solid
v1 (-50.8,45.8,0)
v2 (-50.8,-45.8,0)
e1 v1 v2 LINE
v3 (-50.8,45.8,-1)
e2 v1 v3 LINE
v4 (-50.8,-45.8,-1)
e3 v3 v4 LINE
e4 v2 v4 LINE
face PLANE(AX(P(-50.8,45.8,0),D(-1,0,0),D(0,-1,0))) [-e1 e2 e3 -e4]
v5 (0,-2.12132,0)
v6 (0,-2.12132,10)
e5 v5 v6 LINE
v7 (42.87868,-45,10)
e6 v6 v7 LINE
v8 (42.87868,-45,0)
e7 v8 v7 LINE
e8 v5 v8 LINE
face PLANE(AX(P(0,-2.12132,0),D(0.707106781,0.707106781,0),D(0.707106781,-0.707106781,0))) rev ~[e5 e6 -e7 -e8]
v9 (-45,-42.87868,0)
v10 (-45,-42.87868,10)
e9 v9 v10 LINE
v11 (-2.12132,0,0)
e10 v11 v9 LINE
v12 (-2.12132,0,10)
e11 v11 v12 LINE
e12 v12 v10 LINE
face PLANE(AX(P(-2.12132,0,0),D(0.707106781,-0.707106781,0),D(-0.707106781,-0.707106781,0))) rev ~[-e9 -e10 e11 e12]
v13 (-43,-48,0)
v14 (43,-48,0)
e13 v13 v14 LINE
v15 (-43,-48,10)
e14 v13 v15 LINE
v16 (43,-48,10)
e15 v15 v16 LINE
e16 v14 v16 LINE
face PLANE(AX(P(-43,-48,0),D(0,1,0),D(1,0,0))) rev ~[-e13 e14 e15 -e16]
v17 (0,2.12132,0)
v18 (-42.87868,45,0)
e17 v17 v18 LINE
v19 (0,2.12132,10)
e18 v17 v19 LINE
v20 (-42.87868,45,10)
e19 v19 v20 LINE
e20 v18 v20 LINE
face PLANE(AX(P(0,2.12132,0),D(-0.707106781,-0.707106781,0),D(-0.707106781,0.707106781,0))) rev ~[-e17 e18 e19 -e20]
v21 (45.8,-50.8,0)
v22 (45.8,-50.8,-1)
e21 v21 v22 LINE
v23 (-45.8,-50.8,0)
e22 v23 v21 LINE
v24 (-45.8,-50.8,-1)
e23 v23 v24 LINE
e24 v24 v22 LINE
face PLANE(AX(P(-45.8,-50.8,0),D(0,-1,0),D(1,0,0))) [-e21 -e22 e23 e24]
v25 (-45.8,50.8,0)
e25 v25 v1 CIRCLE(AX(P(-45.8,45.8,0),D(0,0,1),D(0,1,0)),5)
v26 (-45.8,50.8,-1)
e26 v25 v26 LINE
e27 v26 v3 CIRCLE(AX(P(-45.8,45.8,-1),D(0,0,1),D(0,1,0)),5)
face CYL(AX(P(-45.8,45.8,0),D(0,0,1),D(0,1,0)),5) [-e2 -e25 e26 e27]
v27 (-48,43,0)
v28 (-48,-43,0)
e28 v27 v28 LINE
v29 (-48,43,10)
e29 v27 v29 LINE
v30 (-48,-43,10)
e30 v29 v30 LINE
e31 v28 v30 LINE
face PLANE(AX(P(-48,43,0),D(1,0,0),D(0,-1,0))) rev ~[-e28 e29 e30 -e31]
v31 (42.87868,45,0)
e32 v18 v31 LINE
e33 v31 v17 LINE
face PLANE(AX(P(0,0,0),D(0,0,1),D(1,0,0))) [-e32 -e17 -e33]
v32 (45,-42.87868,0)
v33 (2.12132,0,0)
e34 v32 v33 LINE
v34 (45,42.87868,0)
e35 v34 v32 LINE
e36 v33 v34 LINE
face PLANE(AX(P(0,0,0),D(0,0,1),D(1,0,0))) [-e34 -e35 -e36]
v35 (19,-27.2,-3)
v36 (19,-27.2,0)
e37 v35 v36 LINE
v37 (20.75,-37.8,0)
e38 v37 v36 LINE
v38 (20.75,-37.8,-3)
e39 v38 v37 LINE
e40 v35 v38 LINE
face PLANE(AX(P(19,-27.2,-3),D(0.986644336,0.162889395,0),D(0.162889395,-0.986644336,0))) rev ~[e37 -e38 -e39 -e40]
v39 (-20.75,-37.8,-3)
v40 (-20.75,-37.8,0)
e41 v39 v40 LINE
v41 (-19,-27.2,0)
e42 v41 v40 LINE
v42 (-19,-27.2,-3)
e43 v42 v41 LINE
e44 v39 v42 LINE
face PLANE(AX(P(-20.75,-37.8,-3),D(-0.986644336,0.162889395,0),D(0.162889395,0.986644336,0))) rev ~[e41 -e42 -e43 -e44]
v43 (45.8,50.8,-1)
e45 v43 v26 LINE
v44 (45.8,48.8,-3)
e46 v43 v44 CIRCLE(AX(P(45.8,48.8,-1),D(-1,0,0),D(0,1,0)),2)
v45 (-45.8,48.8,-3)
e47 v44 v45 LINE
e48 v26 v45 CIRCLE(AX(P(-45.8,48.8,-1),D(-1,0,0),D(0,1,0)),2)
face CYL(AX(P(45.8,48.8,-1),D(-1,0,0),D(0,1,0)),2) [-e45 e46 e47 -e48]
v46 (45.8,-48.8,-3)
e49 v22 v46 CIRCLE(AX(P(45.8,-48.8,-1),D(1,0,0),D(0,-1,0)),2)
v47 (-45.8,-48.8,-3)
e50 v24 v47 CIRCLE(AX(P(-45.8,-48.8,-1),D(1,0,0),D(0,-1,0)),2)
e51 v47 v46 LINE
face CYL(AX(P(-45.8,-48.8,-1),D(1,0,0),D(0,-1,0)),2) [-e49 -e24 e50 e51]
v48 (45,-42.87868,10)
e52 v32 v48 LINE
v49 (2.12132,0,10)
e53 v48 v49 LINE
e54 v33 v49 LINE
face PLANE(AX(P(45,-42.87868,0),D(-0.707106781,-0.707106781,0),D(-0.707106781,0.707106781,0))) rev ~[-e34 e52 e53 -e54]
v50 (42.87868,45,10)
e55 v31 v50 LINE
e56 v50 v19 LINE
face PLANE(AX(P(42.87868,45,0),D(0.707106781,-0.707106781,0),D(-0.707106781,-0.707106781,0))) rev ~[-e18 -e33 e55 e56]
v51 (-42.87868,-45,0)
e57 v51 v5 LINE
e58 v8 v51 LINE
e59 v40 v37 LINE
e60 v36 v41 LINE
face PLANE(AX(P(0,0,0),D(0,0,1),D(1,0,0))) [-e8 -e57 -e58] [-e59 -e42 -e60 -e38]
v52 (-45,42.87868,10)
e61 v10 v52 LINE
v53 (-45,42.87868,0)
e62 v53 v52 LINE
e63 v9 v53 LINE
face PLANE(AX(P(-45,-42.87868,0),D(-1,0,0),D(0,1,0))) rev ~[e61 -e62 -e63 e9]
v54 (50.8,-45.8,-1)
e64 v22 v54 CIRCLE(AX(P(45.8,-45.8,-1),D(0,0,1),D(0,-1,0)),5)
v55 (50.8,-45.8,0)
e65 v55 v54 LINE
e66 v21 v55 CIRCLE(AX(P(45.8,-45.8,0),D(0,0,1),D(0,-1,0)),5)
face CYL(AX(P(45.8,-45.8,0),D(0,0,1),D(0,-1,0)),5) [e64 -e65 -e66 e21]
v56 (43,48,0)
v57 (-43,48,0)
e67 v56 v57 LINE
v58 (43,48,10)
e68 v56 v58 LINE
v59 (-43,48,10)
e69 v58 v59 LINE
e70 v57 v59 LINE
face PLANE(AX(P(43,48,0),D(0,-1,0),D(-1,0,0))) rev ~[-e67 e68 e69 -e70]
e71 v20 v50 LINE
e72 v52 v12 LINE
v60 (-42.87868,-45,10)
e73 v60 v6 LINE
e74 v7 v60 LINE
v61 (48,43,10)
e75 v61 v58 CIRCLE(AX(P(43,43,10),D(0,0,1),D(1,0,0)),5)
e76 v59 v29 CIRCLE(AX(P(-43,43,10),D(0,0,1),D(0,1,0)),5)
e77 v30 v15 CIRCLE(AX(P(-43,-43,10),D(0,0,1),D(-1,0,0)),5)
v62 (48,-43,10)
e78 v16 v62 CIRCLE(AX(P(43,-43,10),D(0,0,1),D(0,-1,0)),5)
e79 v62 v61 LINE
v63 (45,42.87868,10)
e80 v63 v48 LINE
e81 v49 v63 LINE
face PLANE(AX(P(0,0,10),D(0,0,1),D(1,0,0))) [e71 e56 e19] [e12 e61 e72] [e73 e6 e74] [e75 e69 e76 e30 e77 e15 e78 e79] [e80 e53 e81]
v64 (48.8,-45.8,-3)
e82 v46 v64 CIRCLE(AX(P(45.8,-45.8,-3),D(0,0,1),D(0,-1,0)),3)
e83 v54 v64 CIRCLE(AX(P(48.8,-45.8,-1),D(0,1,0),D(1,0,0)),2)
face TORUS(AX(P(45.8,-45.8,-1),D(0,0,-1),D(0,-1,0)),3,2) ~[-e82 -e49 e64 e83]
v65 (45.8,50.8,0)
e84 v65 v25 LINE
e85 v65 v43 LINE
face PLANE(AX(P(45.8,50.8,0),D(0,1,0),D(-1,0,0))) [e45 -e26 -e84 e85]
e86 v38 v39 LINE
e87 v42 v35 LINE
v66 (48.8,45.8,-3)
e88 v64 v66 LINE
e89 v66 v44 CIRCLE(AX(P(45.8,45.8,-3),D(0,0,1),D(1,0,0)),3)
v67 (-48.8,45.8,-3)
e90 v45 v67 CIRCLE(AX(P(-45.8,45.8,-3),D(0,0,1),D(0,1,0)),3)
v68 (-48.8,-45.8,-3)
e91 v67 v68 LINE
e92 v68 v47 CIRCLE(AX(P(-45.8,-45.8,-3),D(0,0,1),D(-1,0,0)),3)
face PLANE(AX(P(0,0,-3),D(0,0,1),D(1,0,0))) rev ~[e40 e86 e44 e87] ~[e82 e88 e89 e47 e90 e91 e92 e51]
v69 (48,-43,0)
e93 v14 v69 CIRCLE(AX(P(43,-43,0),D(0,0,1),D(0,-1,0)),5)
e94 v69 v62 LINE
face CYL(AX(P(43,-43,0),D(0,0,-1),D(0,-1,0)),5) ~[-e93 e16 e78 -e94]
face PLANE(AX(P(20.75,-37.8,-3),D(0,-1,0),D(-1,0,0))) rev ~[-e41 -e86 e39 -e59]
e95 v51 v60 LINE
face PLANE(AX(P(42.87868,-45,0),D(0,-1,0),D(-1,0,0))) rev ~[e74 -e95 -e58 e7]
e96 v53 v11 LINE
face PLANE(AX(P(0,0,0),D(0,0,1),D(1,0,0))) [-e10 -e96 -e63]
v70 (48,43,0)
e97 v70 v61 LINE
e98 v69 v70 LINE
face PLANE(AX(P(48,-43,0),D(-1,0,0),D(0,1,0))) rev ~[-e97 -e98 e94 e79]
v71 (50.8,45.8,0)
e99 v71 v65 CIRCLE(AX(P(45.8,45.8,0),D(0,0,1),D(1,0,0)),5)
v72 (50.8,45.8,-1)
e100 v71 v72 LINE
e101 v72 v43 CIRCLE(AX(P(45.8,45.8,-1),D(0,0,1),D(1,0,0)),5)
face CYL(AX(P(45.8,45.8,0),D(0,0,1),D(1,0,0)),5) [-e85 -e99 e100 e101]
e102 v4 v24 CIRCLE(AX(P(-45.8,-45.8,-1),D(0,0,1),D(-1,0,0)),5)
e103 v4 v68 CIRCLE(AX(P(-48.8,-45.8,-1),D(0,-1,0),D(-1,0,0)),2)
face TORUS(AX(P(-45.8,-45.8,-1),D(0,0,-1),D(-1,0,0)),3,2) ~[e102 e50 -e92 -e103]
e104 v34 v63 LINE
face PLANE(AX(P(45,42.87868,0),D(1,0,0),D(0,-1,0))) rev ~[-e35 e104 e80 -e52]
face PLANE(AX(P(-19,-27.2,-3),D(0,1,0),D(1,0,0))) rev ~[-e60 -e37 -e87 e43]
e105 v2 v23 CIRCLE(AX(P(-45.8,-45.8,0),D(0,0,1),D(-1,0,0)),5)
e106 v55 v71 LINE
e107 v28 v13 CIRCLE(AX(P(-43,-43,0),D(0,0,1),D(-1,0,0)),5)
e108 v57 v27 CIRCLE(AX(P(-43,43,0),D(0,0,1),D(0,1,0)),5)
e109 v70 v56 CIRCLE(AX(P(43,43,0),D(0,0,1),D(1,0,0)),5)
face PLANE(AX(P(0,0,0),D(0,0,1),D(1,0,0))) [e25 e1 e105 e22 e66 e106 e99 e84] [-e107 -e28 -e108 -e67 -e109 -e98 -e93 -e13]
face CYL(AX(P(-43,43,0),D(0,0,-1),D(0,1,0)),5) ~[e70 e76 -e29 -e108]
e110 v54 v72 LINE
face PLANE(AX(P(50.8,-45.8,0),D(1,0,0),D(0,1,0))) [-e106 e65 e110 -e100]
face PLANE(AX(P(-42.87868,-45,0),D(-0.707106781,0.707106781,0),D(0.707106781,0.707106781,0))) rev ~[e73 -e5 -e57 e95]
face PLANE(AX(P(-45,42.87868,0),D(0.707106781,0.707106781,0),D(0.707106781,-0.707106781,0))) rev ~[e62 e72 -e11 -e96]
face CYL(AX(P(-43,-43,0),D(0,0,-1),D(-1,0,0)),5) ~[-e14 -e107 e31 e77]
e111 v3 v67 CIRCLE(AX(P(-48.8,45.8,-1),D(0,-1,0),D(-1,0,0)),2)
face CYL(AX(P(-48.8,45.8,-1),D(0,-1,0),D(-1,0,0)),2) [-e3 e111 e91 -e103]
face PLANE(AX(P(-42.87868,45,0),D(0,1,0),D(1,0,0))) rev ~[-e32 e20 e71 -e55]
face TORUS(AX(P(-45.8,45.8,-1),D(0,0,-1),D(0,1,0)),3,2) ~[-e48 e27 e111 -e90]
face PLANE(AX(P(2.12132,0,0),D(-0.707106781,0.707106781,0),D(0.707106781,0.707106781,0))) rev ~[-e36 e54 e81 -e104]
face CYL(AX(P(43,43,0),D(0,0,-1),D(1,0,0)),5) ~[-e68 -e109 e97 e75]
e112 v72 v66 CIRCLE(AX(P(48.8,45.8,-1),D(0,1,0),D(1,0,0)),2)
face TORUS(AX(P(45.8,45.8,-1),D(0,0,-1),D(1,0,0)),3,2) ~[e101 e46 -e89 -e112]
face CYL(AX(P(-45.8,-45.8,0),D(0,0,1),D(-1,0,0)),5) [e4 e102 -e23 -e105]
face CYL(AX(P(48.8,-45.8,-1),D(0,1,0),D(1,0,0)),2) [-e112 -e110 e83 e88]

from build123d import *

# Parameters (mm, degrees)
F2_DEPTH = 3
F3_DEPTH = 10
F4_R     = 2
F6_DEPTH = 4.4


with BuildPart() as f2:
    # F1 (on Top) → F2 (new body)
    with BuildSketch(Plane.XY):
        with BuildLine():
            Line((45.8, 50.8), (-45.8, 50.8))
            ThreePointArc((-45.8, 50.8), (-49.3355339059, 49.3355339059), (-50.8, 45.8))
            Line((-50.8, 45.8), (-50.8, -45.8))
            ThreePointArc((-50.8, -45.8), (-49.3355339059, -49.3355339059), (-45.8, -50.8))
            Line((-45.8, -50.8), (45.8, -50.8))
            ThreePointArc((45.8, -50.8), (49.3355339059, -49.3355339059), (50.8, -45.8))
            Line((50.8, -45.8), (50.8, 45.8))
            ThreePointArc((50.8, 45.8), (49.3355339059, 49.3355339059), (45.8, 50.8))
        make_face()
        with BuildLine():
            ThreePointArc((-48, 43), (-46.5355339059, 46.5355339059), (-43, 48))
            Line((-43, 48), (43, 48))
            ThreePointArc((43, 48), (46.5355339059, 46.5355339059), (48, 43))
            Line((48, 43), (48, -43))
            ThreePointArc((48, -43), (46.5355339059, -46.5355339059), (43, -48))
            Line((43, -48), (-43, -48))
            ThreePointArc((-43, -48), (-46.5355339059, -46.5355339059), (-48, -43))
            Line((-48, -43), (-48, 43))
        make_face(mode=Mode.SUBTRACT)
        with BuildLine():
            Line((43, 48), (-43, 48))
            ThreePointArc((-43, 48), (-46.5355339059, 46.5355339059), (-48, 43))
            Line((-48, 43), (-48, -43))
            ThreePointArc((-48, -43), (-46.5355339059, -46.5355339059), (-43, -48))
            Line((-43, -48), (43, -48))
            ThreePointArc((43, -48), (46.5355339059, -46.5355339059), (48, -43))
            Line((48, -43), (48, 43))
            ThreePointArc((48, 43), (46.5355339059, 46.5355339059), (43, 48))
        make_face()
        Polygon((45, -42.8786796564), (45, -45), (42.8786796564, -45), (-42.8786796564, -45), (-45, -45), (-45, -42.8786796564), (-45, 42.8786796564), (-45, 45), (-42.8786796564, 45), (42.8786796564, 45), (45, 45), (45, 42.8786796564), align=None, mode=Mode.SUBTRACT)
        Polygon((-45, 42.8786796564), (-45, -42.8786796564), (-2.1213203436, 0), align=None)
        Polygon((0, 2.1213203436), (42.8786796564, 45), (-42.8786796564, 45), align=None)
        Polygon((2.1213203436, 0), (45, -42.8786796564), (45, 42.8786796564), align=None)
        Polygon((-42.8786796564, -45), (42.8786796564, -45), (0, -2.1213203436), align=None)
        Polygon((42.8786796564, -45), (45, -45), (45, -42.8786796564), (2.1213203436, 0), (45, 42.8786796564), (45, 45), (42.8786796564, 45), (0, 2.1213203436), (-42.8786796564, 45), (-45, 45), (-45, 42.8786796564), (-2.1213203436, 0), (-45, -42.8786796564), (-45, -45), (-42.8786796564, -45), (0, -2.1213203436), align=None)
    extrude(amount=-F2_DEPTH)

    # F1 (on Top) → F3 (join)
    with BuildSketch(Plane.XY):
        with BuildLine():
            Line((43, 48), (-43, 48))
            ThreePointArc((-43, 48), (-46.5355339059, 46.5355339059), (-48, 43))
            Line((-48, 43), (-48, -43))
            ThreePointArc((-48, -43), (-46.5355339059, -46.5355339059), (-43, -48))
            Line((-43, -48), (43, -48))
            ThreePointArc((43, -48), (46.5355339059, -46.5355339059), (48, -43))
            Line((48, -43), (48, 43))
            ThreePointArc((48, 43), (46.5355339059, 46.5355339059), (43, 48))
        make_face()
        Polygon((45, -42.8786796564), (45, -45), (42.8786796564, -45), (-42.8786796564, -45), (-45, -45), (-45, -42.8786796564), (-45, 42.8786796564), (-45, 45), (-42.8786796564, 45), (42.8786796564, 45), (45, 45), (45, 42.8786796564), align=None, mode=Mode.SUBTRACT)
        Polygon((42.8786796564, -45), (45, -45), (45, -42.8786796564), (2.1213203436, 0), (45, 42.8786796564), (45, 45), (42.8786796564, 45), (0, 2.1213203436), (-42.8786796564, 45), (-45, 45), (-45, 42.8786796564), (-2.1213203436, 0), (-45, -42.8786796564), (-45, -45), (-42.8786796564, -45), (0, -2.1213203436), align=None)
    extrude(amount=F3_DEPTH)

    # F4
    f4_edges = [f2.edges().sort_by_distance(p)[0] for p in [
        (0, 50.8, -3),
        (-49.335534, 49.335534, -3),
        (-50.8, 0, -3),
        (-49.335534, -49.335534, -3),
        (0, -50.8, -3),
        (49.335534, -49.335534, -3),
        (50.8, 0, -3),
        (49.335534, 49.335534, -3),
    ]]
    fillet(f4_edges, radius=F4_R)

    # F5 (on face) → F6 (cut)
    with BuildSketch(Plane(origin=(0, 0, -3), x_dir=(1, 0, 0), z_dir=(0, 0, -1))):
        Polygon((20.75, 37.8), (-20.75, 37.8), (-19, 27.2), (19, 27.2), align=None)
    extrude(amount=-F6_DEPTH, mode=Mode.SUBTRACT)


solid = f2.part
